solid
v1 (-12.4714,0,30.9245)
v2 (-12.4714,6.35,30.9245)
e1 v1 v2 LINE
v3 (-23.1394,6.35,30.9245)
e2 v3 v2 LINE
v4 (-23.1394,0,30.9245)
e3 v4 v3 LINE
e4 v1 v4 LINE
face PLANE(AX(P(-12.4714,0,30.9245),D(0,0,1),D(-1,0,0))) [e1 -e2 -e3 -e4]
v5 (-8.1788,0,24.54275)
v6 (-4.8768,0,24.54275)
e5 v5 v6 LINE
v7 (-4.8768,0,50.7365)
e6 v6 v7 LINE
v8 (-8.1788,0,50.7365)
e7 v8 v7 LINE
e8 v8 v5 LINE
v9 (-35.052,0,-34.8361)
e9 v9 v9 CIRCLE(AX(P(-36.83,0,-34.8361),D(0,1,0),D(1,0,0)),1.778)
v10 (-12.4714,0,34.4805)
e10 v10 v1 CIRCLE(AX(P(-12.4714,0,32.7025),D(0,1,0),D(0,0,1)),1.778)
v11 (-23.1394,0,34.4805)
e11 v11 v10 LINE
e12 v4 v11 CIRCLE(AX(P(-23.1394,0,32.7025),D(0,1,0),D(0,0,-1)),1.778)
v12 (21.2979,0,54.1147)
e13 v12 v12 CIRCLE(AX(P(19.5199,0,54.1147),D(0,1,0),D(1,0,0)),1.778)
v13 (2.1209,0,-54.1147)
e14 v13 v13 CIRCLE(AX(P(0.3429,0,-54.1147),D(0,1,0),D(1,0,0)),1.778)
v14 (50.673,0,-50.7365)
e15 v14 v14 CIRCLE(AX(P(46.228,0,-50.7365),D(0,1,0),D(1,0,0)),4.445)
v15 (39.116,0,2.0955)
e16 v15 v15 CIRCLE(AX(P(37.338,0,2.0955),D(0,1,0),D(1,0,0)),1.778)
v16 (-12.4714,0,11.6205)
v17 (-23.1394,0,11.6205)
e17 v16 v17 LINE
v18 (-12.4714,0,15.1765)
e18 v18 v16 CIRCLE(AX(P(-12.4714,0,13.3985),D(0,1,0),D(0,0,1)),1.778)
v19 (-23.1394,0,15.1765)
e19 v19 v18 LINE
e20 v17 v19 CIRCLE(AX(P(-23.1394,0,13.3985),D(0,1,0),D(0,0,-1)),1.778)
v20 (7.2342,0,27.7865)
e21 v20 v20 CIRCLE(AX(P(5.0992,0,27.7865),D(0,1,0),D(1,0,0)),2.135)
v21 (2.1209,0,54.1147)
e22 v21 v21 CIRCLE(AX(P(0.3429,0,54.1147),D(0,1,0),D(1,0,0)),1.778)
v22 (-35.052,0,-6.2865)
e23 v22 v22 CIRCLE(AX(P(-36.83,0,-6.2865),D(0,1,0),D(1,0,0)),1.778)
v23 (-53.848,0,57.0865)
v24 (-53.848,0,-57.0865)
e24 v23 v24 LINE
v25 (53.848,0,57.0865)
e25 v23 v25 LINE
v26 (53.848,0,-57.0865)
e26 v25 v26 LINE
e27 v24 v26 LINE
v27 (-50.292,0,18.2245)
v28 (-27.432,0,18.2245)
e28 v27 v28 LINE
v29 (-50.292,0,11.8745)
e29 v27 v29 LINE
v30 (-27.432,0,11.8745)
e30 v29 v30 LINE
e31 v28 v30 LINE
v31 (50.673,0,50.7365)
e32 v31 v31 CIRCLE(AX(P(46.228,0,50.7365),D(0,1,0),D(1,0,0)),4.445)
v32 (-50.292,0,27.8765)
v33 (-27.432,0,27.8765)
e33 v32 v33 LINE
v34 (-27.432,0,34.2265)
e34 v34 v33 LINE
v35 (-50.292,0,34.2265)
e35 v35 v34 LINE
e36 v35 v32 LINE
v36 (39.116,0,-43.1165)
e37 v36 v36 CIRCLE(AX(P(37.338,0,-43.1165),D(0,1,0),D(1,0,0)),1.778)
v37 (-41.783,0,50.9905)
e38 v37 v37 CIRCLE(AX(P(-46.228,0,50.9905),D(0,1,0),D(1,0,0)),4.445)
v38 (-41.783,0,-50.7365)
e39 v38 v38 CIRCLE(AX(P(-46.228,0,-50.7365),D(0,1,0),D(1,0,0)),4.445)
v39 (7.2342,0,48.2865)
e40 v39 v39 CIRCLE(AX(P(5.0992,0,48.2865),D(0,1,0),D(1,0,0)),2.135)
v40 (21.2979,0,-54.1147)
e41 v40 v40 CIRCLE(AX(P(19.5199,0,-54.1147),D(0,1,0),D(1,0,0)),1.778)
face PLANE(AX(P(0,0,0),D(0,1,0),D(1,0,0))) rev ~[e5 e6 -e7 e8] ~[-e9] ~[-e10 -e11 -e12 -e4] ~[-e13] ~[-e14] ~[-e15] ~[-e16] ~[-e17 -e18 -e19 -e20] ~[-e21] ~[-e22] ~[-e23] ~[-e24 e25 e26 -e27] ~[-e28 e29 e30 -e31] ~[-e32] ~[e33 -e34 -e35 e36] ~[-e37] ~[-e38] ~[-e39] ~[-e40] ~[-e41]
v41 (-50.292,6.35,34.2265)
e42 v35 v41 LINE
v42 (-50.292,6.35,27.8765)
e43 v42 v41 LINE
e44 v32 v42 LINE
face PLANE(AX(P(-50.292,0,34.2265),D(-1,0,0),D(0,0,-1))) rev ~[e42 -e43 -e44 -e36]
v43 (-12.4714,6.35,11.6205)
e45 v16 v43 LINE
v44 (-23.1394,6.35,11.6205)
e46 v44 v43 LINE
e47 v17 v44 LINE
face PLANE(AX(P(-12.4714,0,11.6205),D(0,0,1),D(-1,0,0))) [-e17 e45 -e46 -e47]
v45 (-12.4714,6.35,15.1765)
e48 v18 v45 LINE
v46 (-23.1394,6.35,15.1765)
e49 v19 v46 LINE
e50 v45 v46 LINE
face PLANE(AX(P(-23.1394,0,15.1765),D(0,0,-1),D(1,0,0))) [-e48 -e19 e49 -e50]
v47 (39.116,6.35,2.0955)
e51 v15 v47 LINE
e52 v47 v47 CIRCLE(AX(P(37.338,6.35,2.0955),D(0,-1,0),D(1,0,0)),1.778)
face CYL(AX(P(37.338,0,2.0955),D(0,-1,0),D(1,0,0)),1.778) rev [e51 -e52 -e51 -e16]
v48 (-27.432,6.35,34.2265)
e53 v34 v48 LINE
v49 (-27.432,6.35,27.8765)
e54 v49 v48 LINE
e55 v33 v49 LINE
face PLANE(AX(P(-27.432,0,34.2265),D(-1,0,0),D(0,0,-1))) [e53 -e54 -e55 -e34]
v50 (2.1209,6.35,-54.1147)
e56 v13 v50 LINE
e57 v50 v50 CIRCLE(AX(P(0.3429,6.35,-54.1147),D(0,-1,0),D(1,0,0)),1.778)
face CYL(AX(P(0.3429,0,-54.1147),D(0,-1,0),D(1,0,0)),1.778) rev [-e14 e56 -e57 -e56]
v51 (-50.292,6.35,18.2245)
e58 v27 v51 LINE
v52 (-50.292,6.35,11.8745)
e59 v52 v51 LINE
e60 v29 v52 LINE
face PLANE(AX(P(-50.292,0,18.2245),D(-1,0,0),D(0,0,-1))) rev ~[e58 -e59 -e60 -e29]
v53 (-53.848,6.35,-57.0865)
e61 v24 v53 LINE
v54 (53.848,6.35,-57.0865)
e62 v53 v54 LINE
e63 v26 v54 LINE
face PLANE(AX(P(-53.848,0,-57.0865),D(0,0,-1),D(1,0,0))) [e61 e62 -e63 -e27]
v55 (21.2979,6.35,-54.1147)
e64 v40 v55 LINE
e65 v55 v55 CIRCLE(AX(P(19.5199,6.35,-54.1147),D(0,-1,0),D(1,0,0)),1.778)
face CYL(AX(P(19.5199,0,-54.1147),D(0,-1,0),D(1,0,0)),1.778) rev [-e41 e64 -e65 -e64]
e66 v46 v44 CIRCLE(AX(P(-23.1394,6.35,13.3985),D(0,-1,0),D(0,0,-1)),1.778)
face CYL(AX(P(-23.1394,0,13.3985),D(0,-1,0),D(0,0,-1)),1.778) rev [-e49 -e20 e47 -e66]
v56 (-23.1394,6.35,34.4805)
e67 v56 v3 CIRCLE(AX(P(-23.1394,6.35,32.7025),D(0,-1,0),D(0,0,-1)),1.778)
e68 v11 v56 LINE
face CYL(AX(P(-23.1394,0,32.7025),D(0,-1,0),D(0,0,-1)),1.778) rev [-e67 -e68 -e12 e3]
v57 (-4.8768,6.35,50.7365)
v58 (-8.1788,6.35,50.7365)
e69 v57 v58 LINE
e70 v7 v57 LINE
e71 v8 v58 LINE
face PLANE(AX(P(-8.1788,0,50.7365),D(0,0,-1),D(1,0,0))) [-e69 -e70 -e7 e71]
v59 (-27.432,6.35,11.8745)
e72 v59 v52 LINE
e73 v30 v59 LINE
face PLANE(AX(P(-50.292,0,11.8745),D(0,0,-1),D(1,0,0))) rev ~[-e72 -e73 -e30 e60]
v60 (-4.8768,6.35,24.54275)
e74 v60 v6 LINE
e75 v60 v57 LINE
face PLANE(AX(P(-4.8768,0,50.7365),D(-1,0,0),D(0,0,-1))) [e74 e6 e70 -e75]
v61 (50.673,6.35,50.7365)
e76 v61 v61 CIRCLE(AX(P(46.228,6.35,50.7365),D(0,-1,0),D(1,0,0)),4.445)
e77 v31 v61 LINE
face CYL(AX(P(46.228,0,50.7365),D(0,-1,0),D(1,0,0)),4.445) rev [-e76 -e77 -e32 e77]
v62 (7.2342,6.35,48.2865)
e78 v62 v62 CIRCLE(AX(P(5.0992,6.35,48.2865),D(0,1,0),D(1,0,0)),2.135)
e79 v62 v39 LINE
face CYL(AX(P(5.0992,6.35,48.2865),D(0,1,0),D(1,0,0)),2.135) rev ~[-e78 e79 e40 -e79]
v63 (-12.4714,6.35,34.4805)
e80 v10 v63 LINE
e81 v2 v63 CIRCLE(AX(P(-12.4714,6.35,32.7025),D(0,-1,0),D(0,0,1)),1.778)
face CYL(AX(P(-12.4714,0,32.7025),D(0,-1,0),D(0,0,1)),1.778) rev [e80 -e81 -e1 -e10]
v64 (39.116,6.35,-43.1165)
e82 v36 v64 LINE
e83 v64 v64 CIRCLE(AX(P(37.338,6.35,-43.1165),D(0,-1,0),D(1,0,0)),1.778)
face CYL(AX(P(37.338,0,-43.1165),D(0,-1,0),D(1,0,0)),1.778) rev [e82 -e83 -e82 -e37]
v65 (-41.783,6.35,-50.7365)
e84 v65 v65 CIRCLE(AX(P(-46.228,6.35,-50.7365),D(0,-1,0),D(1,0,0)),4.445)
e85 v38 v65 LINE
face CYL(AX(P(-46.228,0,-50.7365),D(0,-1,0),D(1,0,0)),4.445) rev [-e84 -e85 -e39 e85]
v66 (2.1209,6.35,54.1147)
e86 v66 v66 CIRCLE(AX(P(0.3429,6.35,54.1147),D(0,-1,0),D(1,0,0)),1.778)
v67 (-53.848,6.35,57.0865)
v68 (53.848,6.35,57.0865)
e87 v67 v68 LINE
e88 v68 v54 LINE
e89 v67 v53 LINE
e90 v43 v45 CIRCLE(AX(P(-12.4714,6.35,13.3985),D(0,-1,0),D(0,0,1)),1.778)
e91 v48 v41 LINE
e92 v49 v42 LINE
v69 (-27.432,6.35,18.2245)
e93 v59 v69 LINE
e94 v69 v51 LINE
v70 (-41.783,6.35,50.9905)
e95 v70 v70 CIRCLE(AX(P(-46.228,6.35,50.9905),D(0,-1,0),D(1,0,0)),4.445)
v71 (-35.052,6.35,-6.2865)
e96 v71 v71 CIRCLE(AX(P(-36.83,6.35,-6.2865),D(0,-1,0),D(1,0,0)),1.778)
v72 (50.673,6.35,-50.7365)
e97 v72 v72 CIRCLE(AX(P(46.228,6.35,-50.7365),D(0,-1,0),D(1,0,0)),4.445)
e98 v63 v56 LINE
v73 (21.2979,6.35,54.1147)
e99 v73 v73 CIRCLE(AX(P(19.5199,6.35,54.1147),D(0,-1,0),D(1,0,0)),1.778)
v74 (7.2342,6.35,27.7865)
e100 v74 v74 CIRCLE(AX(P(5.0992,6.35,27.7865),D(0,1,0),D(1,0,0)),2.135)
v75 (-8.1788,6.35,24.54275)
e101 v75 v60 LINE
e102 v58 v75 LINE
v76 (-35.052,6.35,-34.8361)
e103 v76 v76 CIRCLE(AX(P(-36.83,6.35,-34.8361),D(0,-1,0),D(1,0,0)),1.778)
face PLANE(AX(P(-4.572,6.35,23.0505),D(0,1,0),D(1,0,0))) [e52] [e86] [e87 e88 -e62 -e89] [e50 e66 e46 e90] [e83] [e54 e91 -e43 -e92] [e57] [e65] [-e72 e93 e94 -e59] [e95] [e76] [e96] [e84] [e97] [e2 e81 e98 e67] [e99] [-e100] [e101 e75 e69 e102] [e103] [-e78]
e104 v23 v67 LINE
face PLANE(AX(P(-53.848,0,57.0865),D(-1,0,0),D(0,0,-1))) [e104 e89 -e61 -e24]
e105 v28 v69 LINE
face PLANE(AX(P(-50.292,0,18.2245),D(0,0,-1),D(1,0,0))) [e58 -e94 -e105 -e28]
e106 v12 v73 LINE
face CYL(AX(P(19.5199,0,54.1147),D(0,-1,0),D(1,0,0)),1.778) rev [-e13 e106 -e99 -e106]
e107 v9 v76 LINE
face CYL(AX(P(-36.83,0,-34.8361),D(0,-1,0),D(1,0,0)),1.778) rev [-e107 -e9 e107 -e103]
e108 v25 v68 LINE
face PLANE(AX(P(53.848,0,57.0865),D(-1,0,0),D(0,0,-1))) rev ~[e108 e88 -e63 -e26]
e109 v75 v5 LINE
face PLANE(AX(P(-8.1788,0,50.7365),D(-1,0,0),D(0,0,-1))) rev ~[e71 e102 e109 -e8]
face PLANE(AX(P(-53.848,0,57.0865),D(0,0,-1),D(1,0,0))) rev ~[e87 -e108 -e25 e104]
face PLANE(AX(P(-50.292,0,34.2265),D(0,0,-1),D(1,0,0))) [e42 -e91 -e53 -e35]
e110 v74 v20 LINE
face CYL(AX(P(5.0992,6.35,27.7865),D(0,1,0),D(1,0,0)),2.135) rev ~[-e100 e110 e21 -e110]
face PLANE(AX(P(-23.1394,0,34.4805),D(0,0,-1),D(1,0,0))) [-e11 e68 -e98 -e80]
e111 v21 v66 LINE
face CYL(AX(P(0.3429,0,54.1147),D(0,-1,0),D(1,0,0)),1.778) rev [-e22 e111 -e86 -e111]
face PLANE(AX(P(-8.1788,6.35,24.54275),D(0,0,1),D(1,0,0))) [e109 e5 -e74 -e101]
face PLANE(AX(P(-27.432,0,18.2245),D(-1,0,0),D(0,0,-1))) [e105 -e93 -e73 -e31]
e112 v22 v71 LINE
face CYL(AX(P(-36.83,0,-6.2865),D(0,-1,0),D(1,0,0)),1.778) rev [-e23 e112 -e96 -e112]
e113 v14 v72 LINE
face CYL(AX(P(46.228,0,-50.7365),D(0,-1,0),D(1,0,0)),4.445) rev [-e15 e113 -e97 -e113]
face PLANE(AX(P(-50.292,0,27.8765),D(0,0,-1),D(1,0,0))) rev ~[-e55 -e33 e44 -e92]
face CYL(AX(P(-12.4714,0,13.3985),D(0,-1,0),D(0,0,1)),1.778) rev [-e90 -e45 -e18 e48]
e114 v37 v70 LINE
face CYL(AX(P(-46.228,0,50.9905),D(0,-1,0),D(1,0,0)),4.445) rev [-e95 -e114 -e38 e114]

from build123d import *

# Parameters (mm, degrees)
ESQUISSE1_W             = 107.696
ESQUISSE1_H             = 114.173
BOSS_EXTRU_1_DEPTH      = 6.35
ESQUISSE1_6_OUTSIDE_W   = 141.112
ESQUISSE1_6_OUTSIDE_H   = 147.588
ESQUISSE1_6_OUTSIDE_W_2 = 107.696
ESQUISSE1_6_OUTSIDE_H_2 = 114.173
ESQUISSE1_6_OUTSIDE_R   = 1.778
ESQUISSE1_6_OUTSIDE_R_2 = 4.445
ESQUISSE1_6_OUTSIDE_W_3 = 3.302
ESQUISSE1_6_OUTSIDE_H_3 = 25.4
ESQUISSE1_6_OUTSIDE_W_4 = 22.86
ESQUISSE1_6_OUTSIDE_H_4 = 6.35
ENL_V_MAT_EXTRU_3_DEPTH = 7.35
ESQUISSE2_R             = 1.778
BOSS_EXTRU_2_DEPTH      = 6.35
ESQUISSE3_R             = 2.135000048
ESQUISSE3_W             = 3.302
ESQUISSE3_H             = 0.79375
ENL_V_MAT_EXTRU_4_DEPTH = 7.35


with BuildPart() as part:
    # Esquisse1 → Boss.-Extru.1 (new body)
    with BuildSketch(Plane(origin=(0, 0, 0), x_dir=(1, 0, 0), z_dir=(0, 1, 0))):
        Rectangle(ESQUISSE1_W, ESQUISSE1_H)
    extrude(amount=BOSS_EXTRU_1_DEPTH)

    # Esquisse1<6> outside → Enlèv. mat.-Extru.3 (cut, through all)
    with BuildSketch(Plane(origin=(0, 0, 0), x_dir=(1, 0, 0), z_dir=(0, 1, 0))):
        Rectangle(ESQUISSE1_6_OUTSIDE_W, ESQUISSE1_6_OUTSIDE_H)
        Rectangle(ESQUISSE1_6_OUTSIDE_W_2, ESQUISSE1_6_OUTSIDE_H_2, mode=Mode.SUBTRACT)
        with Locations((0.3429, -54.1147)):
            Circle(ESQUISSE1_6_OUTSIDE_R)
        with Locations((19.5199, -54.1147)):
            Circle(ESQUISSE1_6_OUTSIDE_R)
        with Locations((6.858, -49.9745)):
            Circle(ESQUISSE1_6_OUTSIDE_R)
        with Locations((6.858, -30.6705)):
            Circle(ESQUISSE1_6_OUTSIDE_R)
        with Locations((-4.572, -23.0505)):
            Circle(ESQUISSE1_6_OUTSIDE_R)
        with Locations((46.228, -50.7365)):
            Circle(ESQUISSE1_6_OUTSIDE_R_2)
        with Locations((46.228, 50.7365)):
            Circle(ESQUISSE1_6_OUTSIDE_R_2)
        with Locations((37.338, 43.1165)):
            Circle(ESQUISSE1_6_OUTSIDE_R)
        with Locations((37.338, -2.0955)):
            Circle(ESQUISSE1_6_OUTSIDE_R)
        with Locations((-36.83, 34.8361)):
            Circle(ESQUISSE1_6_OUTSIDE_R)
        with Locations((-36.83, 6.2865)):
            Circle(ESQUISSE1_6_OUTSIDE_R)
        with Locations((19.5199, 54.1147)):
            Circle(ESQUISSE1_6_OUTSIDE_R)
        with Locations((0.3429, 54.1147)):
            Circle(ESQUISSE1_6_OUTSIDE_R)
        with Locations((-46.228, 50.7365)):
            Circle(ESQUISSE1_6_OUTSIDE_R_2)
        with Locations((-46.228, -50.9905)):
            Circle(ESQUISSE1_6_OUTSIDE_R_2)
        with Locations((-6.5278, -38.0365)):
            Rectangle(ESQUISSE1_6_OUTSIDE_W_3, ESQUISSE1_6_OUTSIDE_H_3)
        with Locations((-38.862, -15.0495)):
            Rectangle(ESQUISSE1_6_OUTSIDE_W_4, ESQUISSE1_6_OUTSIDE_H_4)
        with Locations((-38.862, -31.0515)):
            Rectangle(ESQUISSE1_6_OUTSIDE_W_4, ESQUISSE1_6_OUTSIDE_H_4)
        with BuildLine():
            Line((-23.1394, -34.4805), (-12.4714, -34.4805))
            ThreePointArc((-12.4714, -34.4805), (-10.6934, -32.7025), (-12.4714, -30.9245))
            Line((-12.4714, -30.9245), (-23.1394, -30.9245))
            ThreePointArc((-23.1394, -30.9245), (-24.9174, -32.7025), (-23.1394, -34.4805))
        make_face()
        with BuildLine():
            Line((-23.1394, -15.1765), (-12.4714, -15.1765))
            ThreePointArc((-12.4714, -15.1765), (-10.6934, -13.3985), (-12.4714, -11.6205))
            Line((-12.4714, -11.6205), (-23.1394, -11.6205))
            ThreePointArc((-23.1394, -11.6205), (-24.9174, -13.3985), (-23.1394, -15.1765))
        make_face()
    extrude(amount=ENL_V_MAT_EXTRU_3_DEPTH, mode=Mode.SUBTRACT)

    # Esquisse2 → Boss.-Extru.2 (add)
    with BuildSketch(Plane(origin=(0, 6.35, 0), x_dir=(1, 0, 0), z_dir=(0, 1, 0))):
        with Locations((-4.572, -23.0505)):
            Circle(ESQUISSE2_R)
        with Locations((6.858, -30.6705)):
            Circle(ESQUISSE2_R)
        with Locations((6.858, -49.9745)):
            Circle(ESQUISSE2_R)
    extrude(amount=-BOSS_EXTRU_2_DEPTH)

    # Esquisse3 → Enlèv. mat.-Extru.4 (cut, through all)
    with BuildSketch(Plane(origin=(0, 6.35, 0), x_dir=(1, 0, 0), z_dir=(0, 1, 0))):
        with Locations((5.0992, -27.7865)):
            Circle(ESQUISSE3_R)
        with Locations((5.0992, -48.2865)):
            Circle(ESQUISSE3_R)
        with Locations((-6.5278, -24.939625)):
            Rectangle(ESQUISSE3_W, ESQUISSE3_H)
    extrude(amount=-ENL_V_MAT_EXTRU_4_DEPTH, mode=Mode.SUBTRACT)


solid = part.part
